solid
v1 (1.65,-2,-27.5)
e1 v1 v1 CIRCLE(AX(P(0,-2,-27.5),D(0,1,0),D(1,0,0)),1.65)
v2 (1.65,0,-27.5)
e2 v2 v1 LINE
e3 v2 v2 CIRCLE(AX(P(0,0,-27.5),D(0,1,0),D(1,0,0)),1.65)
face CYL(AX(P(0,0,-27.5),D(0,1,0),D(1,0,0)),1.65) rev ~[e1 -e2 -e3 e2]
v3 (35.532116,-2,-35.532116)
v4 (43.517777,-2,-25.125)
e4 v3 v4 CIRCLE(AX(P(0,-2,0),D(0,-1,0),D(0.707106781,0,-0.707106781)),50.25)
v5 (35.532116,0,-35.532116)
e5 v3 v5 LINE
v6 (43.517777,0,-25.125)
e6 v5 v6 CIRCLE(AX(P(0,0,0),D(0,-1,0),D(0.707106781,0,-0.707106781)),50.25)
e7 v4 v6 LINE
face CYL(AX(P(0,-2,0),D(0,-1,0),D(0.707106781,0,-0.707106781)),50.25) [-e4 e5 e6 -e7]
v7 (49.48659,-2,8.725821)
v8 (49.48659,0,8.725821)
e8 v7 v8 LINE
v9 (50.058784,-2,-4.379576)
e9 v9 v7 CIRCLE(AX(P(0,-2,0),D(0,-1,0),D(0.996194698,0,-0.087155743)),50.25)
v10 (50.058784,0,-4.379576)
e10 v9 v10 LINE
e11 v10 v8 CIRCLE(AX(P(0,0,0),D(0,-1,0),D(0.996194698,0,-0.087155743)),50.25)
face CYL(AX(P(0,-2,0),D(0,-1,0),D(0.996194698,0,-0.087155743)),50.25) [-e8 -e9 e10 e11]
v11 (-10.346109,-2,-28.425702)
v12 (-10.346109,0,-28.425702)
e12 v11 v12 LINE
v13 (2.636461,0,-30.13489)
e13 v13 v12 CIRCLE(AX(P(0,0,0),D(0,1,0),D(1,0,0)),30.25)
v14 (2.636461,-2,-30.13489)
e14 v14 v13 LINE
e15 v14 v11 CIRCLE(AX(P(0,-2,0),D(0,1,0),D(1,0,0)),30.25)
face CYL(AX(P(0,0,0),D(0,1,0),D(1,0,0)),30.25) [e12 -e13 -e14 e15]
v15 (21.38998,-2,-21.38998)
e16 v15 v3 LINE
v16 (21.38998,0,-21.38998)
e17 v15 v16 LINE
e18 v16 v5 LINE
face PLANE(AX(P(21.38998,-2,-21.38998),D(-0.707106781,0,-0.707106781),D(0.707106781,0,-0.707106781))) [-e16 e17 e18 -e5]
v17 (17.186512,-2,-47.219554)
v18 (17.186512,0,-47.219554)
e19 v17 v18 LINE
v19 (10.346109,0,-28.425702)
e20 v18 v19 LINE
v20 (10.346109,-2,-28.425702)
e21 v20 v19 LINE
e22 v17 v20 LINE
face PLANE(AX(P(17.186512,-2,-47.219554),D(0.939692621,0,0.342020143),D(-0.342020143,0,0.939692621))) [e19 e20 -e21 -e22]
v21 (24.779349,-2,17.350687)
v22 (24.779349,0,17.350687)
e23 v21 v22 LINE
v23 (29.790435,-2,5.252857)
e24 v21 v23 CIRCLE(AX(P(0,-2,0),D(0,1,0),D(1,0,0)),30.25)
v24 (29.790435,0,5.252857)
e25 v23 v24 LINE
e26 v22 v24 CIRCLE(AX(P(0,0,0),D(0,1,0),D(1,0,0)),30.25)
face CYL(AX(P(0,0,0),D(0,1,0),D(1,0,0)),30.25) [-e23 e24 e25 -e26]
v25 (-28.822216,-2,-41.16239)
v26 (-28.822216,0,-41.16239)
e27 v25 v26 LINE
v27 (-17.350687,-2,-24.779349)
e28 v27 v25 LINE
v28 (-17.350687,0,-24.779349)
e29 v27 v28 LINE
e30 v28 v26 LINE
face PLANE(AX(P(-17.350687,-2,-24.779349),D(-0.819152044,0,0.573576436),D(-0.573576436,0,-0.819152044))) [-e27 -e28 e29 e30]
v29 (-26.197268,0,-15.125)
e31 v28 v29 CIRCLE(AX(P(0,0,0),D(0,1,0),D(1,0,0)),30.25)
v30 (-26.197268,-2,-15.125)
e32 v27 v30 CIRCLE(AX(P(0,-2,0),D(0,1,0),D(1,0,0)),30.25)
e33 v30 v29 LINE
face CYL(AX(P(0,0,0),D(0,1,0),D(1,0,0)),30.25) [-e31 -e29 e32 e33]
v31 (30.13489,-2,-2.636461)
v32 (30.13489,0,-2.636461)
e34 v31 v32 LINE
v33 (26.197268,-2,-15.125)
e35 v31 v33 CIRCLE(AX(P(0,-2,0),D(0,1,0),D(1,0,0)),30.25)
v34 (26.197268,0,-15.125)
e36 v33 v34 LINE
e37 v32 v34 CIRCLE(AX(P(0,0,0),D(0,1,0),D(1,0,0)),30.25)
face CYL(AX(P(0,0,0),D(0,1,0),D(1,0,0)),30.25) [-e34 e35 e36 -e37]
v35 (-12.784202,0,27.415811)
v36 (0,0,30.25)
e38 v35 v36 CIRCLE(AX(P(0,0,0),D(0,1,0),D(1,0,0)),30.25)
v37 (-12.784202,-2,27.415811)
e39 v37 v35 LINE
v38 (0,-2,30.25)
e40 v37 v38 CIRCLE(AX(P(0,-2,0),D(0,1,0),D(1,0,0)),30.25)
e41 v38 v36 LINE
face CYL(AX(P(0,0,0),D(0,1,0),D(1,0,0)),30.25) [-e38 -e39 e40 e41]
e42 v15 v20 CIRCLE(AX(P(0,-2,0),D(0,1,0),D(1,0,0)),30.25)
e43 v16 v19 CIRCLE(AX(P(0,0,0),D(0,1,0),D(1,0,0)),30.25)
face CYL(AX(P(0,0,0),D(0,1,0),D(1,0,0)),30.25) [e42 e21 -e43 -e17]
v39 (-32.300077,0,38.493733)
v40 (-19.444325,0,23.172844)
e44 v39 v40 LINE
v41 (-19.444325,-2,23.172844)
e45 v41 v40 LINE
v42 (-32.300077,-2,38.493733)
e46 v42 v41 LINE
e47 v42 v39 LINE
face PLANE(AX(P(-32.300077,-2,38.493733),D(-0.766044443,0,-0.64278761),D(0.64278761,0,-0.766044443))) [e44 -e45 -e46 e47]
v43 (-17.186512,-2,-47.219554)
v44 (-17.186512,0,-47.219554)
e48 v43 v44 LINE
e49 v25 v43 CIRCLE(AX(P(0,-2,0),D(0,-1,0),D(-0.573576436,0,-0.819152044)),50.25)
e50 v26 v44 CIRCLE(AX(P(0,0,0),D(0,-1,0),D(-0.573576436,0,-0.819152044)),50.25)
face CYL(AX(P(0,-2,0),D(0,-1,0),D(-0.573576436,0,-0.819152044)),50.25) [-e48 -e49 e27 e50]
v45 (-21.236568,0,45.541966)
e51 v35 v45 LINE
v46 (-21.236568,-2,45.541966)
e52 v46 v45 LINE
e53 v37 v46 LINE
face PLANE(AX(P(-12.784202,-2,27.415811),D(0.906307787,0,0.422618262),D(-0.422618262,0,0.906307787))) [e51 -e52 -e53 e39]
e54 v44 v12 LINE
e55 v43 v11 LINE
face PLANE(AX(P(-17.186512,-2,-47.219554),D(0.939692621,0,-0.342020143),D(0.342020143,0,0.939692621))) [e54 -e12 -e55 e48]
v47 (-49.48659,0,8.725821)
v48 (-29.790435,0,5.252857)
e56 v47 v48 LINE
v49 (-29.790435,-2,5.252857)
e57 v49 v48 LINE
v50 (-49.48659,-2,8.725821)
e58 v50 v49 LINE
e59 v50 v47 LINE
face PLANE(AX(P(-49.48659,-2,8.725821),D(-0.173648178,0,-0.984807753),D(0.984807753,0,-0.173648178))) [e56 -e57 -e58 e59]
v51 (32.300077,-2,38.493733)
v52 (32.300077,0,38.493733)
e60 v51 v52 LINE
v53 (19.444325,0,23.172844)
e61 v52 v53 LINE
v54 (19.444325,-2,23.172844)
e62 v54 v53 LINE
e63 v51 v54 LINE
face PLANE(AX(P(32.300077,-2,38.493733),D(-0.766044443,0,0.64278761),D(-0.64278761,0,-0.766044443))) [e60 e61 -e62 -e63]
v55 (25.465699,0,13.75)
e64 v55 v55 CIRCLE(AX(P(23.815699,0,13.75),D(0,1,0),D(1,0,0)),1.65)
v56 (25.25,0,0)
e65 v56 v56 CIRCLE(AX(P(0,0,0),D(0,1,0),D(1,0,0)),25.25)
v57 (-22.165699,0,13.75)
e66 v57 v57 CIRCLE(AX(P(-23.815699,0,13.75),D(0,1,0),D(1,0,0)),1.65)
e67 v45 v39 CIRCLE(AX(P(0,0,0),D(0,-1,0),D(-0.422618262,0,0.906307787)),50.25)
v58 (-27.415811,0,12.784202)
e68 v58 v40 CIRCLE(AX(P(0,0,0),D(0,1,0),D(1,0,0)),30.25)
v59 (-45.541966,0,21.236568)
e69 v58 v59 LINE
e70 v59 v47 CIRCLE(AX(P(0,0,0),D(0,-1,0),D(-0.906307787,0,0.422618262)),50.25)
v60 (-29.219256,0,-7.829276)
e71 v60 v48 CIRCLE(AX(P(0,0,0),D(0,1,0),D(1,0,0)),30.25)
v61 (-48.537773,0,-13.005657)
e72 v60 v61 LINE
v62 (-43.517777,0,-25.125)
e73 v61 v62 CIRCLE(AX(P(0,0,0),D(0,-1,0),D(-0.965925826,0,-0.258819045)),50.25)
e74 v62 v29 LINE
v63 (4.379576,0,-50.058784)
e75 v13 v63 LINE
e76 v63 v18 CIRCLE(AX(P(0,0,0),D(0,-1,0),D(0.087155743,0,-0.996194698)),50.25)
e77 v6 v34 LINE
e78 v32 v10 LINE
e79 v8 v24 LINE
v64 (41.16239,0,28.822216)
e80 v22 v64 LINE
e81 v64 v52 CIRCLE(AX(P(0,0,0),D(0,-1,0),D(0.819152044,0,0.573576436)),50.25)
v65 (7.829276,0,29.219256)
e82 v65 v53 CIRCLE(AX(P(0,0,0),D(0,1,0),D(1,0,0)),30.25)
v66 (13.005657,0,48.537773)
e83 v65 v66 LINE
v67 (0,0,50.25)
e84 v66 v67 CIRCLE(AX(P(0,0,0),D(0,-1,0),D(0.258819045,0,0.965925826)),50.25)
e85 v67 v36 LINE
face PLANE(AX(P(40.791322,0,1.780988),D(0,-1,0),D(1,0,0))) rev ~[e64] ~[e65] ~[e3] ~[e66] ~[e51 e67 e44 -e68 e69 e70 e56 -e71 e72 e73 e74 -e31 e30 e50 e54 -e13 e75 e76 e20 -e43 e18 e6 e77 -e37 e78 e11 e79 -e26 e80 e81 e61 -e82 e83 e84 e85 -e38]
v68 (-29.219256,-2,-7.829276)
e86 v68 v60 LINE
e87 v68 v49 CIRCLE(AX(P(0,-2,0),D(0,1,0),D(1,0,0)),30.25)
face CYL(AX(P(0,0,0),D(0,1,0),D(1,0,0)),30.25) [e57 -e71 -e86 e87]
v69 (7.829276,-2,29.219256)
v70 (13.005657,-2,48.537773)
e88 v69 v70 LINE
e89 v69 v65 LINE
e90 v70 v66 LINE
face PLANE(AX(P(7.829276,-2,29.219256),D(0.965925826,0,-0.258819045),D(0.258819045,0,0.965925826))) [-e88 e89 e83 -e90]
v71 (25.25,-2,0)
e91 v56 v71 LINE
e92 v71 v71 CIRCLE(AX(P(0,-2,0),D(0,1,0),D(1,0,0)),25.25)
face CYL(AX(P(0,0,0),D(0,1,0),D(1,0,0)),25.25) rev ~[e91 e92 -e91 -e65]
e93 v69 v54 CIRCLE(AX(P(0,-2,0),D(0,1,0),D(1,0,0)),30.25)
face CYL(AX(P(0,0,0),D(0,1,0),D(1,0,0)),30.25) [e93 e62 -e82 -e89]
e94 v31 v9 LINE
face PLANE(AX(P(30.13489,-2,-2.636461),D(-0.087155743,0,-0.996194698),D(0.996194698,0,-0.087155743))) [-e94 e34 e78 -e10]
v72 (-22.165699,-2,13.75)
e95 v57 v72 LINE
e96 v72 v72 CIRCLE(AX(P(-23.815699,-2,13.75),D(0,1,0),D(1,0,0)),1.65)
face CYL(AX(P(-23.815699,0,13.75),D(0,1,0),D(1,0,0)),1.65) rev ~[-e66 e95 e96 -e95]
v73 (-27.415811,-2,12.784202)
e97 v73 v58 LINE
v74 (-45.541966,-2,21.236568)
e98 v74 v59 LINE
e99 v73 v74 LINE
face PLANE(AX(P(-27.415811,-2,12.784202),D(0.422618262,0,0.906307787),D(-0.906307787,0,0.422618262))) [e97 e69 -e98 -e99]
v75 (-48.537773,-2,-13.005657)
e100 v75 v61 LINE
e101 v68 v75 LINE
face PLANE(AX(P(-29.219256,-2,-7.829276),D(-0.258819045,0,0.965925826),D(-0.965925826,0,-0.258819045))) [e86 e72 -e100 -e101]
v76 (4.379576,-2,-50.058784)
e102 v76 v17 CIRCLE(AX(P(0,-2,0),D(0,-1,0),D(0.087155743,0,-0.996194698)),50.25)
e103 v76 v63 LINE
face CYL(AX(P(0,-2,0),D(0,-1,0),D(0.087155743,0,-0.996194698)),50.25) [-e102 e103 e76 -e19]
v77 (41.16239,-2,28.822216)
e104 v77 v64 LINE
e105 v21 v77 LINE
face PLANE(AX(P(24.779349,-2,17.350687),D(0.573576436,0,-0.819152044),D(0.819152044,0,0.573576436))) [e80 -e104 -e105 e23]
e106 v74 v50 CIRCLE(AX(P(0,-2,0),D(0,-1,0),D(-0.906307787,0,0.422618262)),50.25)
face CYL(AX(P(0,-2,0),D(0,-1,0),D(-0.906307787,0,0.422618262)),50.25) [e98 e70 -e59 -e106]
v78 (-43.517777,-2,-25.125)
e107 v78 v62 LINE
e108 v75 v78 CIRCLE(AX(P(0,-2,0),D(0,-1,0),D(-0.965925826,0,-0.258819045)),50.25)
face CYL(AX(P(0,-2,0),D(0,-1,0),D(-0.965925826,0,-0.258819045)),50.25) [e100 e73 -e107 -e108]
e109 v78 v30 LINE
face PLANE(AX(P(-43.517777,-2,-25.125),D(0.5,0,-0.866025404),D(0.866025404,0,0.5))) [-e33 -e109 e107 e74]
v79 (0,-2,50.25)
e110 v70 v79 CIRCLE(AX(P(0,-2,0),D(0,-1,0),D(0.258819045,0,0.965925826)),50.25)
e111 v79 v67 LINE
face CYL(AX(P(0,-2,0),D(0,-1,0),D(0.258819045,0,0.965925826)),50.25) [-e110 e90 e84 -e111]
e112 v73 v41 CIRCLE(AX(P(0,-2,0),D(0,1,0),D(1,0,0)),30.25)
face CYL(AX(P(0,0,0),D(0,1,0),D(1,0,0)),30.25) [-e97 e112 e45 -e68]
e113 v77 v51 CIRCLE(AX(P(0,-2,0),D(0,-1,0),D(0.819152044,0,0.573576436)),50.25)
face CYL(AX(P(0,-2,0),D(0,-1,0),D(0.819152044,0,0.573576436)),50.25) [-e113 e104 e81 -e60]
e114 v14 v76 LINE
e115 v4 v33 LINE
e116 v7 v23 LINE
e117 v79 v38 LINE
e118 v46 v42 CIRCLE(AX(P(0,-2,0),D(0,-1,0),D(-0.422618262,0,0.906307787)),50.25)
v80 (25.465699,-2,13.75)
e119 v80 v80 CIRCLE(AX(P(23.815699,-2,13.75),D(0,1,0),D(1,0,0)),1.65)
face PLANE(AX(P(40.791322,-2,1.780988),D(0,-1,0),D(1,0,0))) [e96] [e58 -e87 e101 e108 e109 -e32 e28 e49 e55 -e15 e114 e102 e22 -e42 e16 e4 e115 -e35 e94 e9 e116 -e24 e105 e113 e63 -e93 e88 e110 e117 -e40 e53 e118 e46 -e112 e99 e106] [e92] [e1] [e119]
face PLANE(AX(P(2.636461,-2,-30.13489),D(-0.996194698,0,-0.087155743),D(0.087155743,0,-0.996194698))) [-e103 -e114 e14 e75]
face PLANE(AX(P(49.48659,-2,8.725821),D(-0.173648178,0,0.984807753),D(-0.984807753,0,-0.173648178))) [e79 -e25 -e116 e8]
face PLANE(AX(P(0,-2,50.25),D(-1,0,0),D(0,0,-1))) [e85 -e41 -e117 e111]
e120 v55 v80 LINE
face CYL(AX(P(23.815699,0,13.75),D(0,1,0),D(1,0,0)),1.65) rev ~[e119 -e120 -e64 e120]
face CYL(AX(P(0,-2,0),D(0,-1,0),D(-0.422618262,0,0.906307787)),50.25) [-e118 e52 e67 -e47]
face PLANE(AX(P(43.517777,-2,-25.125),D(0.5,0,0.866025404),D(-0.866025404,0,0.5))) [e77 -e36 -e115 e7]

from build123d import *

# Parameters (mm, degrees)
SKETCH1_R           = 30.25
SKETCH1_R_2         = 25.25
EXTRUDE_THIN1_DEPTH = 2
SKETCH2_R           = 1.65
CUT_EXTRUDE3_DEPTH  = 10
BOSS_EXTRUDE1_DEPTH = 2


with BuildPart() as part:
    # Sketch1 → Extrude-Thin1 (new body)
    with BuildSketch(Plane(origin=(0, 0, 0), x_dir=(1, 0, 0), z_dir=(0, 1, 0))):
        Circle(SKETCH1_R)
        Circle(SKETCH1_R_2, mode=Mode.SUBTRACT)
    extrude(amount=-EXTRUDE_THIN1_DEPTH)

    # Sketch2 → Cut-Extrude3 (cut)
    with BuildSketch(Plane(origin=(0, 0, 0), x_dir=(1, 0, 0), z_dir=(0, 1, 0))):
        with Locations((0, 27.5)):
            Circle(SKETCH2_R)
        with Locations((23.815698604, -13.75)):
            Circle(SKETCH2_R)
        with Locations((-23.815698604, -13.75)):
            Circle(SKETCH2_R)
    extrude(amount=-CUT_EXTRUDE3_DEPTH, mode=Mode.SUBTRACT)

    # Sketch5 → Boss-Extrude1 (add)
    with BuildSketch(Plane.XZ.offset(2)):
        with BuildLine():
            Line((0, 50.25), (0, 30.25))
            ThreePointArc((0, 30.25), (3.948417315, 29.991207057), (7.829276114, 29.219256245))
            Line((7.829276114, 29.219256245), (13.005657016, 48.537772771))
            ThreePointArc((13.005657016, 48.537772771), (6.558941159, 49.820104284), (0, 50.25))
        make_face()
        with BuildLine():
            Line((32.300077387, 38.493733267), (19.444325193, 23.172844404))
            ThreePointArc((19.444325193, 23.172844404), (22.302639439, 20.43660378), (24.77934934, 17.3506872))
            Line((24.77934934, 17.3506872), (41.162390226, 28.822215927))
            ThreePointArc((41.162390226, 28.822215927), (37.048186175, 33.948407933), (32.300077387, 38.493733267))
        make_face()
        with BuildLine():
            Line((49.486589589, 8.725820928), (29.790434529, 5.252857374))
            ThreePointArc((29.790434529, 5.252857374), (30.221208703, 1.319486468), (30.134889617, -2.636461218))
            Line((30.134889617, -2.636461218), (50.058783579, -4.379576073))
            ThreePointArc((50.058783579, -4.379576073), (50.202173134, 2.191874215), (49.486589589, 8.725820928))
        make_face()
        with BuildLine():
            Line((43.51777654, -25.125), (26.197268464, -15.125))
            ThreePointArc((26.197268464, -15.125), (23.998938544, -18.415033228), (21.389980131, -21.389980131))
            Line((21.389980131, -21.389980131), (35.532115755, -35.532115755))
            ThreePointArc((35.532115755, -35.532115755), (39.86600535, -30.590261808), (43.51777654, -25.125))
        make_face()
        with BuildLine():
            Line((17.186512202, -47.219554194), (10.346109336, -28.425701779))
            ThreePointArc((10.346109336, -28.425701779), (6.547298322, -29.532954215), (2.636461218, -30.134889617))
            Line((2.636461218, -30.134889617), (4.379576073, -50.058783579))
            ThreePointArc((4.379576073, -50.058783579), (10.8760906, -49.058874358), (17.186512202, -47.219554194))
        make_face()
        with BuildLine():
            Line((-17.186512202, -47.219554194), (-10.346109336, -28.425701779))
            ThreePointArc((-10.346109336, -28.425701779), (-13.96789555, -26.832077704), (-17.3506872, -24.77934934))
            Line((-17.3506872, -24.77934934), (-28.822215927, -41.162390226))
            ThreePointArc((-28.822215927, -41.162390226), (-23.202867815, -44.572294367), (-17.186512202, -47.219554194))
        make_face()
        with BuildLine():
            Line((-43.51777654, -25.125), (-26.197268464, -15.125))
            ThreePointArc((-26.197268464, -15.125), (-27.947355858, -11.576173829), (-29.219256245, -7.829276114))
            Line((-29.219256245, -7.829276114), (-48.537772771, -13.005657016))
            ThreePointArc((-48.537772771, -13.005657016), (-46.424946509, -19.229842476), (-43.51777654, -25.125))
        make_face()
        with BuildLine():
            Line((-49.486589589, 8.725820928), (-29.790434529, 5.252857374))
            ThreePointArc((-29.790434529, 5.252857374), (-28.84993776, 9.096350435), (-27.415810558, 12.784202418))
            Line((-27.415810558, 12.784202418), (-45.541966299, 21.236567652))
            ThreePointArc((-45.541966299, 21.236567652), (-47.924276775, 15.110466425), (-49.486589589, 8.725820928))
        make_face()
        with BuildLine():
            Line((-32.300077387, 38.493733267), (-19.444325193, 23.172844404))
            ThreePointArc((-19.444325193, 23.172844404), (-16.253313152, 25.512591236), (-12.784202418, 27.415810558))
            Line((-12.784202418, 27.415810558), (-21.236567652, 45.541966299))
            ThreePointArc((-21.236567652, 45.541966299), (-26.999305319, 42.380420152), (-32.300077387, 38.493733267))
        make_face()
    extrude(amount=-BOSS_EXTRUDE1_DEPTH)


solid = part.part
